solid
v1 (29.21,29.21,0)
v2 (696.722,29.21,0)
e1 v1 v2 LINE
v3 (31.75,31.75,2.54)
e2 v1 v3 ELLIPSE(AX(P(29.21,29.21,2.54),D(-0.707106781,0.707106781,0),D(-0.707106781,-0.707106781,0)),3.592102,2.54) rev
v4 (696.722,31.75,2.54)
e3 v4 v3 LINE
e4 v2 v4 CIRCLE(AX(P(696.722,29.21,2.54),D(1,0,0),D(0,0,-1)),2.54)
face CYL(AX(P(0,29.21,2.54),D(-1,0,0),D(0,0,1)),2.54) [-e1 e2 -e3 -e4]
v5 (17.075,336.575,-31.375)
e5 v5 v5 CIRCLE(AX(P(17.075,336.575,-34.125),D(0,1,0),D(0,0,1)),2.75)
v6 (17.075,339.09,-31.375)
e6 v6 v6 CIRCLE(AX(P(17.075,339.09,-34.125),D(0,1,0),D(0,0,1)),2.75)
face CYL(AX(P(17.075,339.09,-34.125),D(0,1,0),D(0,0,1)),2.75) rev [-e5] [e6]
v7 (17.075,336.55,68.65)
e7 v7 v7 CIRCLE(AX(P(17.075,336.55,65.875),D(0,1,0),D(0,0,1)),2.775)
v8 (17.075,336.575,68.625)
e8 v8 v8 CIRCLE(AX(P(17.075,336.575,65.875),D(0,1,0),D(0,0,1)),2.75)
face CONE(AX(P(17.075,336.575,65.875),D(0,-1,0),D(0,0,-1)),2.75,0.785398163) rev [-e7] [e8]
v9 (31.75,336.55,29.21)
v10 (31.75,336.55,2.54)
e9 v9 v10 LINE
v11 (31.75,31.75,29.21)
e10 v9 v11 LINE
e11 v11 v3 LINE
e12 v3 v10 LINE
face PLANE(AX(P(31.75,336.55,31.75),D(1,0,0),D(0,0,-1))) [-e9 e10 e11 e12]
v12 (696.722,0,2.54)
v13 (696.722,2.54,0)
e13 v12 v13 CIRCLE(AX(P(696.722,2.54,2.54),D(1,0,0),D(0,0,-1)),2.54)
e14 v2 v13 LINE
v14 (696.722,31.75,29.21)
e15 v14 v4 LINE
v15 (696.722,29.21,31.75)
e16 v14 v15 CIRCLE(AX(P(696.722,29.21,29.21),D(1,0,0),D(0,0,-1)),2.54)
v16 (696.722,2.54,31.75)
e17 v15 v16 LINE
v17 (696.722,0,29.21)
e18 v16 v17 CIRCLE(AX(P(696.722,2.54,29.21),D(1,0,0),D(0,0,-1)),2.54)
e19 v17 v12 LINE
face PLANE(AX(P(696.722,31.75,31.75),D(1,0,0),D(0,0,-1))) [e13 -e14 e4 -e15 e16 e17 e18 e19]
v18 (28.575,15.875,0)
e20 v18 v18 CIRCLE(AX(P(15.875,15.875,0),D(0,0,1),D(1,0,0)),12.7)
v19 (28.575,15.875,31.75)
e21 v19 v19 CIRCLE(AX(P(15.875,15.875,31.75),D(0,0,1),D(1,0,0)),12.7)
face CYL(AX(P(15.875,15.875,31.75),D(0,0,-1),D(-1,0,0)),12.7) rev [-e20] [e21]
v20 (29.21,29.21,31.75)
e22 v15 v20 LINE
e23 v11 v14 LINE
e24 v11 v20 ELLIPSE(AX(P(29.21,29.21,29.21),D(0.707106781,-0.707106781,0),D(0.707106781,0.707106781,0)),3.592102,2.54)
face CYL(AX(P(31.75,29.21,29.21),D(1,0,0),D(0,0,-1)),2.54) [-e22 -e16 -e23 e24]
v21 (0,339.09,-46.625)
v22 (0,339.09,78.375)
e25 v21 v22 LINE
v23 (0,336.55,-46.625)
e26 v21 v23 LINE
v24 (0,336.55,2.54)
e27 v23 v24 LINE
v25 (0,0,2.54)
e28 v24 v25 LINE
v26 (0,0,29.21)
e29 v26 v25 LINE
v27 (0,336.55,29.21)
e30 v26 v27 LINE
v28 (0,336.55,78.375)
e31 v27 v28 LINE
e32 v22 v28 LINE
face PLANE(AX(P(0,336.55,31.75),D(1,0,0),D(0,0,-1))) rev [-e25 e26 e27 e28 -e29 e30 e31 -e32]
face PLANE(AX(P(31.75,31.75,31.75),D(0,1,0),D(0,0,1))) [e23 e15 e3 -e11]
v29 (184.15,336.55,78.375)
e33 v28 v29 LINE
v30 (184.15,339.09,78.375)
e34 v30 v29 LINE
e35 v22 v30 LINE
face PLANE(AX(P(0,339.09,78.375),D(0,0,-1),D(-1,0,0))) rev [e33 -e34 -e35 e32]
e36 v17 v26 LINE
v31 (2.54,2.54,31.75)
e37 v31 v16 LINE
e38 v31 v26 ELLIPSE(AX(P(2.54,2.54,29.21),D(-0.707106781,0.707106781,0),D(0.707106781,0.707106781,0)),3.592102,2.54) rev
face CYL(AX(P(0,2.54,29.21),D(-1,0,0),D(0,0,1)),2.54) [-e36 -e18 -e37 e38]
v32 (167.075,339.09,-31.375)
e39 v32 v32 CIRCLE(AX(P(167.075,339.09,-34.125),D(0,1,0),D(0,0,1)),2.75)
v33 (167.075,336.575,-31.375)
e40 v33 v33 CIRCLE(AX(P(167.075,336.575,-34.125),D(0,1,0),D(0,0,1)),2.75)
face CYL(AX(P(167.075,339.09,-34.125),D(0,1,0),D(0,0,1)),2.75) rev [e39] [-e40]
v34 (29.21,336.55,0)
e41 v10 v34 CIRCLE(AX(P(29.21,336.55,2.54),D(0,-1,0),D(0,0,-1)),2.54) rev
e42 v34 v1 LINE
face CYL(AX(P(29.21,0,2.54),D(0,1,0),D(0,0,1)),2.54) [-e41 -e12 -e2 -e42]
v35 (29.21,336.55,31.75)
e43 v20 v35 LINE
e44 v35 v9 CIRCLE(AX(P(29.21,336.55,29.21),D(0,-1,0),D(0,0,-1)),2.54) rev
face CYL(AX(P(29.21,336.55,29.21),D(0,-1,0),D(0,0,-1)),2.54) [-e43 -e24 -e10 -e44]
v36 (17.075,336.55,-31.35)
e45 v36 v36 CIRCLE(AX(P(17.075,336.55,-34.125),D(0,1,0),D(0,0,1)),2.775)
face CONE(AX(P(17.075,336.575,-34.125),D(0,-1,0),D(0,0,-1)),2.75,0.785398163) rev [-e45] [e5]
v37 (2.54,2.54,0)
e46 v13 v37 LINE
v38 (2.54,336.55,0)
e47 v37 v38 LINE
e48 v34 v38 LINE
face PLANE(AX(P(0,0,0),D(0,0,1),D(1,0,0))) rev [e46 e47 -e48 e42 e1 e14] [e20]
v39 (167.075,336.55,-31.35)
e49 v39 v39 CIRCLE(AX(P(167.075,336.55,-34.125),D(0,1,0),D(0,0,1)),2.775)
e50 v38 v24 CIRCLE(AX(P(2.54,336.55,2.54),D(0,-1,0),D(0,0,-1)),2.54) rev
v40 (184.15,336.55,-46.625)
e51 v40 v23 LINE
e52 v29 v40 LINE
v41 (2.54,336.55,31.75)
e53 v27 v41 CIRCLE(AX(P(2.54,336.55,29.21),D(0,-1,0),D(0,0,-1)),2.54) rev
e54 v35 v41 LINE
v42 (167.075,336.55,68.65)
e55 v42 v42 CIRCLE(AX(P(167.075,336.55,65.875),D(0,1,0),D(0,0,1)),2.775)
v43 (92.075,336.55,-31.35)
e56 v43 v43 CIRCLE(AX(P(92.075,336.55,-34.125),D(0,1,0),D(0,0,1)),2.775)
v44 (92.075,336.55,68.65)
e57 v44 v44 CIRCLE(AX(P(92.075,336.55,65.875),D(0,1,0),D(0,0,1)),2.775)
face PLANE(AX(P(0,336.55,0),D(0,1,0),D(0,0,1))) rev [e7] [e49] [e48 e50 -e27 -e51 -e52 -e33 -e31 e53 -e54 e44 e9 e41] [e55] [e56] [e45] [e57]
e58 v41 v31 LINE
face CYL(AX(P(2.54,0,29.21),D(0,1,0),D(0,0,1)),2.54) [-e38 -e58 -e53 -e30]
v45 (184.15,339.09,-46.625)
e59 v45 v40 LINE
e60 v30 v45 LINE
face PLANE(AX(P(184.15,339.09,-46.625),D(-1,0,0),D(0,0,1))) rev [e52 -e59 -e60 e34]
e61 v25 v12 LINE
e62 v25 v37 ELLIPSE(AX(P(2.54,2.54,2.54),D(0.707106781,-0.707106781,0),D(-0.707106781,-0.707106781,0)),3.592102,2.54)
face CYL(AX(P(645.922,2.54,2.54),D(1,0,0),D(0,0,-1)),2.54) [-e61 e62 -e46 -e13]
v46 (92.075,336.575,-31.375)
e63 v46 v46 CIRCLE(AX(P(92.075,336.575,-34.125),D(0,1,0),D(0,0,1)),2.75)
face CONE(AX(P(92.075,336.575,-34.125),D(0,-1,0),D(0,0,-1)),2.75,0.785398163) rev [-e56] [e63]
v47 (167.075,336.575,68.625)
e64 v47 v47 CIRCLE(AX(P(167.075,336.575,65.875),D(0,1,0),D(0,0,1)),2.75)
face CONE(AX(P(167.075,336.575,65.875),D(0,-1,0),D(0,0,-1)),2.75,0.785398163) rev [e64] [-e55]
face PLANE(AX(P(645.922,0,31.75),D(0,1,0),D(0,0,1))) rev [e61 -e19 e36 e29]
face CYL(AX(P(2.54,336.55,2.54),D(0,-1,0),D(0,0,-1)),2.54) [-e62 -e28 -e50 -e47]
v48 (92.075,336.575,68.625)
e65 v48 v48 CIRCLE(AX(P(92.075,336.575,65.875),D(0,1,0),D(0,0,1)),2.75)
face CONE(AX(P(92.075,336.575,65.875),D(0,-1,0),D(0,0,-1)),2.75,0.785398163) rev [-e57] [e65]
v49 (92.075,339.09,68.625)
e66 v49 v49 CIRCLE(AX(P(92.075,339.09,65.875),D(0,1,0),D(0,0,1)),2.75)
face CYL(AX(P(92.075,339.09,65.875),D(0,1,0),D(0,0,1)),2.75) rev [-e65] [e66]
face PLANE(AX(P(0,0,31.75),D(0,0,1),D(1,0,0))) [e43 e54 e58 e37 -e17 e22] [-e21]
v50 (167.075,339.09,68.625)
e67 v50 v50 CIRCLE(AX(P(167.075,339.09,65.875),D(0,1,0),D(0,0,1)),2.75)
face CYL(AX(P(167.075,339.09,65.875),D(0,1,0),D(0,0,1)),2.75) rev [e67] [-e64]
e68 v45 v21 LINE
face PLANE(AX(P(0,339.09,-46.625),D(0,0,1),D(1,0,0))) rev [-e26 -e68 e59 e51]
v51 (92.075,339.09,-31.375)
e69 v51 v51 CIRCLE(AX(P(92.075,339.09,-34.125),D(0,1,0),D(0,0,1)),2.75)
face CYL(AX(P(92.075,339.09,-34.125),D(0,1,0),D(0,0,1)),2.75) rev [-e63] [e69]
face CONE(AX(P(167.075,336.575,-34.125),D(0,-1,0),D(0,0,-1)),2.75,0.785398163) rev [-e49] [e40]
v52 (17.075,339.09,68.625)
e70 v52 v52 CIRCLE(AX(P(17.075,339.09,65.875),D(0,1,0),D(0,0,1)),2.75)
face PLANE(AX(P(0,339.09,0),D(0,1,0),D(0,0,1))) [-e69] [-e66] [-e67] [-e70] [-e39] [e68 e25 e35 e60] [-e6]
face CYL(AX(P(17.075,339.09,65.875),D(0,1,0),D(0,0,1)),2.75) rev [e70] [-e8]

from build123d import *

# Parameters (mm, degrees)
SKETCH1_R                     = 12.7
BOSS_EXTRUDE1_DEPTH           = 31.75
FILLET1_R                     = 2.54
SKETCH3_W                     = 184.15
SKETCH3_H                     = 125
BOSS_EXTRUDE2_DEPTH           = 2.54
M5_CLEARANCE_HOLE1_AT_2_COUNT = 2
M5_CLEARANCE_HOLE1_AT_2_PITCH = 180.277563773
M5_CLEARANCE_HOLE1_AT_3_COUNT = 2
M5_CLEARANCE_HOLE1_AT_3_PITCH = 150
M5_CLEARANCE_HOLE1_AT_4_COUNT = 2
M5_CLEARANCE_HOLE1_AT_4_PITCH = 100
M5_CLEARANCE_HOLE1_AT_5_COUNT = 2
M5_CLEARANCE_HOLE1_AT_5_PITCH = 75
M5_CLEARANCE_HOLE1_AT_6_COUNT = 2
M5_CLEARANCE_HOLE1_AT_6_PITCH = 125


with BuildPart() as part:
    # Sketch1 → Boss-Extrude1 (new body)
    with BuildSketch(Plane.XY):
        Polygon((31.75, 31.75), (645.922, 31.75), (696.722, 31.75), (696.722, 0), (645.922, 0), (0, 0), (0, 336.55), (31.75, 336.55), align=None)
        with Locations((15.875, 15.875)):
            Circle(SKETCH1_R, mode=Mode.SUBTRACT)
    extrude(amount=BOSS_EXTRUDE1_DEPTH)

    # Fillet1
    fillet1_edges = [part.edges().sort_by_distance(p)[0] for p in [
        (348.361, 0, 31.75),
        (0, 168.275, 0),
        (364.236, 31.75, 31.75),
        (31.75, 184.15, 31.75),
        (0, 168.275, 31.75),
        (31.75, 184.15, 0),
        (364.236, 31.75, 0),
        (348.361, 0, 0),
    ]]
    fillet(fillet1_edges, radius=FILLET1_R)

    # Sketch3 → Boss-Extrude2 (add)
    with BuildSketch(Plane(origin=(0, 336.55, 0), x_dir=(1, 0, 0), z_dir=(0, 1, 0))):
        with Locations((92.075, -15.875)):
            Rectangle(SKETCH3_W, SKETCH3_H)
    extrude(amount=BOSS_EXTRUDE2_DEPTH)

    # Sketch8 → M5 Clearance Hole1 (revolve, cut)
    with BuildSketch(Plane(origin=(167.075, 339.09, -34.125), x_dir=(0, 0, 1), z_dir=(1, 0, 0))):
        Polygon((0, 0), (0, 2.54), (2.775, 2.54), (2.75, 2.515), (2.75, 0), align=None)
    m5_clearance_hole1 = revolve(axis=Axis((167.075, 345.44, -34.125), (0, -1, 0)), mode=Mode.SUBTRACT)

    # M5 Clearance Hole1 at 2: M5 Clearance Hole1 ×2
    with Locations(*[Vector(-0.8320502943378437, 0, 0.5547001962252293) * (i * M5_CLEARANCE_HOLE1_AT_2_PITCH) for i in range(1, M5_CLEARANCE_HOLE1_AT_2_COUNT)]):
        add(m5_clearance_hole1, mode=Mode.SUBTRACT)

    # M5 Clearance Hole1 at 3: M5 Clearance Hole1 ×2
    with Locations(*[(-i * M5_CLEARANCE_HOLE1_AT_3_PITCH, 0, 0) for i in range(1, M5_CLEARANCE_HOLE1_AT_3_COUNT)]):
        add(m5_clearance_hole1, mode=Mode.SUBTRACT)

    # M5 Clearance Hole1 at 4: M5 Clearance Hole1 ×2
    with Locations(*[(0, 0, i * M5_CLEARANCE_HOLE1_AT_4_PITCH) for i in range(1, M5_CLEARANCE_HOLE1_AT_4_COUNT)]):
        add(m5_clearance_hole1, mode=Mode.SUBTRACT)

    # M5 Clearance Hole1 at 5: M5 Clearance Hole1 ×2
    with Locations(*[(-i * M5_CLEARANCE_HOLE1_AT_5_PITCH, 0, 0) for i in range(1, M5_CLEARANCE_HOLE1_AT_5_COUNT)]):
        add(m5_clearance_hole1, mode=Mode.SUBTRACT)

    # M5 Clearance Hole1 at 6: M5 Clearance Hole1 ×2
    with Locations(*[Vector(-0.6, 0, 0.8) * (i * M5_CLEARANCE_HOLE1_AT_6_PITCH) for i in range(1, M5_CLEARANCE_HOLE1_AT_6_COUNT)]):
        add(m5_clearance_hole1, mode=Mode.SUBTRACT)


solid = part.part
